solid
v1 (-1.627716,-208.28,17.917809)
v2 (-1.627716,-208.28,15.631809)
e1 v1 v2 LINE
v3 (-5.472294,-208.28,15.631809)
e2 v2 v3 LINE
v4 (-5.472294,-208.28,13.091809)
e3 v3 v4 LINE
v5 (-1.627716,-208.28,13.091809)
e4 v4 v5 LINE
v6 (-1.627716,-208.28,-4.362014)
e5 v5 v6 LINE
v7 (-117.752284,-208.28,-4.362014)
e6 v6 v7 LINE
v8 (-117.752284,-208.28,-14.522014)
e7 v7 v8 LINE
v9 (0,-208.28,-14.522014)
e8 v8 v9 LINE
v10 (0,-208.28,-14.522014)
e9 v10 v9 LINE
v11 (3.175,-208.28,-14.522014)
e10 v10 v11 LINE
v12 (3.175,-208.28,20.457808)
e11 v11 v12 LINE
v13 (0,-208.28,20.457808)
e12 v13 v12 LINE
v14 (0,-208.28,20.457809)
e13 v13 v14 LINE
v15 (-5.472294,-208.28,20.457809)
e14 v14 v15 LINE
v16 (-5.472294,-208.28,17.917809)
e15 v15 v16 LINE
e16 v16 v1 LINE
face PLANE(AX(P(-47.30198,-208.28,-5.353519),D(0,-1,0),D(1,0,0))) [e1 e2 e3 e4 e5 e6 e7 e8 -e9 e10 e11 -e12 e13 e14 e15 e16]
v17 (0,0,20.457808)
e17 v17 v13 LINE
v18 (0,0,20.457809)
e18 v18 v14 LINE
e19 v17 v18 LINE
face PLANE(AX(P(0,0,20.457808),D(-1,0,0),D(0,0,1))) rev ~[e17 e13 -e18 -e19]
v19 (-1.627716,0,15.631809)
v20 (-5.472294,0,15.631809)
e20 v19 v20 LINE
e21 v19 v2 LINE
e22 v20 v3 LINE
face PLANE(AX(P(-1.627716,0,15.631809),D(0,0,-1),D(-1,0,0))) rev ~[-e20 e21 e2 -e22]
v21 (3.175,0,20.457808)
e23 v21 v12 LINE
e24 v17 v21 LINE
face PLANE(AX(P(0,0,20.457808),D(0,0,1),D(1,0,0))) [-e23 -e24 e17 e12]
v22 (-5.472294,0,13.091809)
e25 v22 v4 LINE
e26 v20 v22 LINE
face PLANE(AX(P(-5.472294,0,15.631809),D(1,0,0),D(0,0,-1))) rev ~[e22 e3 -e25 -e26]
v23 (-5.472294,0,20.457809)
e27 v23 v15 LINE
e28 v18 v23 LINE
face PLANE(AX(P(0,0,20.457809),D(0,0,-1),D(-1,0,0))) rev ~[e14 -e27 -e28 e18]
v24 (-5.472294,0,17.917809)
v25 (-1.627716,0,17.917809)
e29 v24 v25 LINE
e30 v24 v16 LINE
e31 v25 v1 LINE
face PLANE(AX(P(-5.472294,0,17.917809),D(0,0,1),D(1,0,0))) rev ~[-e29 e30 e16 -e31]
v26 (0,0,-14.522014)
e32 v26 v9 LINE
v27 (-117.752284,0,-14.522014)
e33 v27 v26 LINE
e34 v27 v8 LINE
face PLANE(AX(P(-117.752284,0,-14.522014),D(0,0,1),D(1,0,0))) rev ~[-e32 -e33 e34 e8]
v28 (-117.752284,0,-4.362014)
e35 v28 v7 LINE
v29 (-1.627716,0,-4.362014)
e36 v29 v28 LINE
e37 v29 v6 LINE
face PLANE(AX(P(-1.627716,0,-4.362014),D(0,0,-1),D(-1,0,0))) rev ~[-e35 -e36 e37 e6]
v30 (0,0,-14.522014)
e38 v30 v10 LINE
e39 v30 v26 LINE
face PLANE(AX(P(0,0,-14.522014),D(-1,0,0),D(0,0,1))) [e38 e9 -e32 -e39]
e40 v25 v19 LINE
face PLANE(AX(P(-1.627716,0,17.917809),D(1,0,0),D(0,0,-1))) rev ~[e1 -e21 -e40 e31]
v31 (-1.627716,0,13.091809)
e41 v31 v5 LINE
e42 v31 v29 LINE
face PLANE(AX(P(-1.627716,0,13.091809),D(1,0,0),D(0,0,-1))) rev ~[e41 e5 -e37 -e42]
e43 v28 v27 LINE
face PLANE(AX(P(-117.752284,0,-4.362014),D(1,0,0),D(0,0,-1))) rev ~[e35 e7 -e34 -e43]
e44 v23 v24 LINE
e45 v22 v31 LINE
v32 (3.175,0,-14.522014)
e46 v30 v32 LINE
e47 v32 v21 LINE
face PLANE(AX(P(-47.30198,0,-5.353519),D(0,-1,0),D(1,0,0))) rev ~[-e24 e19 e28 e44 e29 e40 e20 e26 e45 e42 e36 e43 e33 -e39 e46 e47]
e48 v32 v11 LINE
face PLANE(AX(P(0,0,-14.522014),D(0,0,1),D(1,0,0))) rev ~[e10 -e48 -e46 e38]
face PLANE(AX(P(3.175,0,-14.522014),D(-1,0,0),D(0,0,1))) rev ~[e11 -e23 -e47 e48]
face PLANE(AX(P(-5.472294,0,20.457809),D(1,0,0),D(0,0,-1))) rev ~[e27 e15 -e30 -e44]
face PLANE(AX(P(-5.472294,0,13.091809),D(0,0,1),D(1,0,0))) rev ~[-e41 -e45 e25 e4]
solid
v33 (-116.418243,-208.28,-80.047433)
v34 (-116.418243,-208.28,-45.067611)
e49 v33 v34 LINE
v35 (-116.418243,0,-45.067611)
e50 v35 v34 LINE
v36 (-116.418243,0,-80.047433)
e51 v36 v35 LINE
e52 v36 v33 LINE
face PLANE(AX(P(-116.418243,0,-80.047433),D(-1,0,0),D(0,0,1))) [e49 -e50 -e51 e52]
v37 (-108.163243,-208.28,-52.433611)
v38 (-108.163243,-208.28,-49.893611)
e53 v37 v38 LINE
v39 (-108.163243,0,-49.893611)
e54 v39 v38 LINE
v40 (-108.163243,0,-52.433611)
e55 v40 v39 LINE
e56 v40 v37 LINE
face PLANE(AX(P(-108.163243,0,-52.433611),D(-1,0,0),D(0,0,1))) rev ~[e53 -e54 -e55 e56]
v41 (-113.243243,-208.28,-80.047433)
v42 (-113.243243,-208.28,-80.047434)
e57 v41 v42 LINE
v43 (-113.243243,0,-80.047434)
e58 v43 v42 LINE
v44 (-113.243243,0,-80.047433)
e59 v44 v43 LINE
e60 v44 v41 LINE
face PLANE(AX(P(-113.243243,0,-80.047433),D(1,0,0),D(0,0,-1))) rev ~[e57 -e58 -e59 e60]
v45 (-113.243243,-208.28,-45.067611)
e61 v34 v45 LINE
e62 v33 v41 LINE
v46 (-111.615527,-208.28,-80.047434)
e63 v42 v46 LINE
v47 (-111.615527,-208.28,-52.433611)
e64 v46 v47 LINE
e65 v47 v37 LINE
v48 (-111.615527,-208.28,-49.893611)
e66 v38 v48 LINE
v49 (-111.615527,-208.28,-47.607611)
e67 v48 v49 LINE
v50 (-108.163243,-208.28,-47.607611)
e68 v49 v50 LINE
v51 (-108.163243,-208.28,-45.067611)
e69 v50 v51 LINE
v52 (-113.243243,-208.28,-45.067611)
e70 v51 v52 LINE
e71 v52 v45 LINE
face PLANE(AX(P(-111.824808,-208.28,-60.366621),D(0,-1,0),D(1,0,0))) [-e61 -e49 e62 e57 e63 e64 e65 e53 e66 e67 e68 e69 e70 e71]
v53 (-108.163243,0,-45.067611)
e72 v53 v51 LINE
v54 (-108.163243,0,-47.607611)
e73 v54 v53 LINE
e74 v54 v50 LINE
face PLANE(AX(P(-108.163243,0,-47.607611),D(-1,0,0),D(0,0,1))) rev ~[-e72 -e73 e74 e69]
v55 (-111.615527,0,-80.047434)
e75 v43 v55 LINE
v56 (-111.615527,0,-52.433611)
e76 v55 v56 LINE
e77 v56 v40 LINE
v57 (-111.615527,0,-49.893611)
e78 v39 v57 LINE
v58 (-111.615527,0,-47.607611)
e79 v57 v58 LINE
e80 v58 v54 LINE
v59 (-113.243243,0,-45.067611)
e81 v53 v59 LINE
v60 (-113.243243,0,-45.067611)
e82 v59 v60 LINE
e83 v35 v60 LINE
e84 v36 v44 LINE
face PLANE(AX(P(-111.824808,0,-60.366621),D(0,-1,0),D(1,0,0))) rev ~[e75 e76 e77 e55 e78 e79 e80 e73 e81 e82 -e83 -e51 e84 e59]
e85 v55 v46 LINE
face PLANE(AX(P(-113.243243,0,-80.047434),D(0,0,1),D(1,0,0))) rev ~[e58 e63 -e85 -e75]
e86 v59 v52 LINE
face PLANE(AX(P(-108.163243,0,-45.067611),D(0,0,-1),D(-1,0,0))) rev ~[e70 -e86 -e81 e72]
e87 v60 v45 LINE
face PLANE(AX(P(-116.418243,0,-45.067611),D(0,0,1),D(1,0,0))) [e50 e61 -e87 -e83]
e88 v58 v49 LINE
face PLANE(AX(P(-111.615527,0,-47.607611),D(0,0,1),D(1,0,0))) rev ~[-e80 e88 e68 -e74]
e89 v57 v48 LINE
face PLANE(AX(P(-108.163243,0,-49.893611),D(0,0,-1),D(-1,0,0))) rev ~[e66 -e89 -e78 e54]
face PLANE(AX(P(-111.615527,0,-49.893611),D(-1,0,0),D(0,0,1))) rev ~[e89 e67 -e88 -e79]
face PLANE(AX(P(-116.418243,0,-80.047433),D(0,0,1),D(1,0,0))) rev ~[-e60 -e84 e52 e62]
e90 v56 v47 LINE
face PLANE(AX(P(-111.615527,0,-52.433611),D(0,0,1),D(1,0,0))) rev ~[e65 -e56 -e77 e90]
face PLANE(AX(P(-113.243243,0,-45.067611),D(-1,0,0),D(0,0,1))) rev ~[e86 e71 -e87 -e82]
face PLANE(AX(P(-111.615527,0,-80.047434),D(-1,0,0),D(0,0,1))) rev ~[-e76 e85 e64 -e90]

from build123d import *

# Parameters (mm, degrees)
F0_W     = 3.175
F0_H     = 34.979823
F1_DEPTH = 208.28


with BuildPart() as f1:
    # F0 (on Front) → F1 (new body)
    with BuildSketch(Plane.XZ):
        Polygon((-117.752284, -4.362014), (-117.752284, -14.522014), (0, -14.522014), (0, 20.457809), (-5.472294, 20.457809), (-5.472294, 17.917809), (-1.627716, 17.917809), (-1.627716, 15.631809), (-5.472294, 15.631809), (-5.472294, 13.091809), (-1.627716, 13.091809), (-1.627716, -4.362014), align=None)
        with Locations((1.5875, 2.967897)):
            Rectangle(F0_W, F0_H)
        Polygon((-108.163243, -45.067611), (-113.243243, -45.067611), (-113.243243, -80.047434), (-111.615527, -80.047434), (-111.615527, -69.887434), (-111.615527, -52.433611), (-108.163243, -52.433611), (-108.163243, -49.893611), (-111.615527, -49.893611), (-111.615527, -47.607611), (-108.163243, -47.607611), align=None)
        with Locations((-114.830743, -62.557522)):
            Rectangle(F0_W, F0_H)
    extrude(amount=F1_DEPTH)


solid = f1.part
